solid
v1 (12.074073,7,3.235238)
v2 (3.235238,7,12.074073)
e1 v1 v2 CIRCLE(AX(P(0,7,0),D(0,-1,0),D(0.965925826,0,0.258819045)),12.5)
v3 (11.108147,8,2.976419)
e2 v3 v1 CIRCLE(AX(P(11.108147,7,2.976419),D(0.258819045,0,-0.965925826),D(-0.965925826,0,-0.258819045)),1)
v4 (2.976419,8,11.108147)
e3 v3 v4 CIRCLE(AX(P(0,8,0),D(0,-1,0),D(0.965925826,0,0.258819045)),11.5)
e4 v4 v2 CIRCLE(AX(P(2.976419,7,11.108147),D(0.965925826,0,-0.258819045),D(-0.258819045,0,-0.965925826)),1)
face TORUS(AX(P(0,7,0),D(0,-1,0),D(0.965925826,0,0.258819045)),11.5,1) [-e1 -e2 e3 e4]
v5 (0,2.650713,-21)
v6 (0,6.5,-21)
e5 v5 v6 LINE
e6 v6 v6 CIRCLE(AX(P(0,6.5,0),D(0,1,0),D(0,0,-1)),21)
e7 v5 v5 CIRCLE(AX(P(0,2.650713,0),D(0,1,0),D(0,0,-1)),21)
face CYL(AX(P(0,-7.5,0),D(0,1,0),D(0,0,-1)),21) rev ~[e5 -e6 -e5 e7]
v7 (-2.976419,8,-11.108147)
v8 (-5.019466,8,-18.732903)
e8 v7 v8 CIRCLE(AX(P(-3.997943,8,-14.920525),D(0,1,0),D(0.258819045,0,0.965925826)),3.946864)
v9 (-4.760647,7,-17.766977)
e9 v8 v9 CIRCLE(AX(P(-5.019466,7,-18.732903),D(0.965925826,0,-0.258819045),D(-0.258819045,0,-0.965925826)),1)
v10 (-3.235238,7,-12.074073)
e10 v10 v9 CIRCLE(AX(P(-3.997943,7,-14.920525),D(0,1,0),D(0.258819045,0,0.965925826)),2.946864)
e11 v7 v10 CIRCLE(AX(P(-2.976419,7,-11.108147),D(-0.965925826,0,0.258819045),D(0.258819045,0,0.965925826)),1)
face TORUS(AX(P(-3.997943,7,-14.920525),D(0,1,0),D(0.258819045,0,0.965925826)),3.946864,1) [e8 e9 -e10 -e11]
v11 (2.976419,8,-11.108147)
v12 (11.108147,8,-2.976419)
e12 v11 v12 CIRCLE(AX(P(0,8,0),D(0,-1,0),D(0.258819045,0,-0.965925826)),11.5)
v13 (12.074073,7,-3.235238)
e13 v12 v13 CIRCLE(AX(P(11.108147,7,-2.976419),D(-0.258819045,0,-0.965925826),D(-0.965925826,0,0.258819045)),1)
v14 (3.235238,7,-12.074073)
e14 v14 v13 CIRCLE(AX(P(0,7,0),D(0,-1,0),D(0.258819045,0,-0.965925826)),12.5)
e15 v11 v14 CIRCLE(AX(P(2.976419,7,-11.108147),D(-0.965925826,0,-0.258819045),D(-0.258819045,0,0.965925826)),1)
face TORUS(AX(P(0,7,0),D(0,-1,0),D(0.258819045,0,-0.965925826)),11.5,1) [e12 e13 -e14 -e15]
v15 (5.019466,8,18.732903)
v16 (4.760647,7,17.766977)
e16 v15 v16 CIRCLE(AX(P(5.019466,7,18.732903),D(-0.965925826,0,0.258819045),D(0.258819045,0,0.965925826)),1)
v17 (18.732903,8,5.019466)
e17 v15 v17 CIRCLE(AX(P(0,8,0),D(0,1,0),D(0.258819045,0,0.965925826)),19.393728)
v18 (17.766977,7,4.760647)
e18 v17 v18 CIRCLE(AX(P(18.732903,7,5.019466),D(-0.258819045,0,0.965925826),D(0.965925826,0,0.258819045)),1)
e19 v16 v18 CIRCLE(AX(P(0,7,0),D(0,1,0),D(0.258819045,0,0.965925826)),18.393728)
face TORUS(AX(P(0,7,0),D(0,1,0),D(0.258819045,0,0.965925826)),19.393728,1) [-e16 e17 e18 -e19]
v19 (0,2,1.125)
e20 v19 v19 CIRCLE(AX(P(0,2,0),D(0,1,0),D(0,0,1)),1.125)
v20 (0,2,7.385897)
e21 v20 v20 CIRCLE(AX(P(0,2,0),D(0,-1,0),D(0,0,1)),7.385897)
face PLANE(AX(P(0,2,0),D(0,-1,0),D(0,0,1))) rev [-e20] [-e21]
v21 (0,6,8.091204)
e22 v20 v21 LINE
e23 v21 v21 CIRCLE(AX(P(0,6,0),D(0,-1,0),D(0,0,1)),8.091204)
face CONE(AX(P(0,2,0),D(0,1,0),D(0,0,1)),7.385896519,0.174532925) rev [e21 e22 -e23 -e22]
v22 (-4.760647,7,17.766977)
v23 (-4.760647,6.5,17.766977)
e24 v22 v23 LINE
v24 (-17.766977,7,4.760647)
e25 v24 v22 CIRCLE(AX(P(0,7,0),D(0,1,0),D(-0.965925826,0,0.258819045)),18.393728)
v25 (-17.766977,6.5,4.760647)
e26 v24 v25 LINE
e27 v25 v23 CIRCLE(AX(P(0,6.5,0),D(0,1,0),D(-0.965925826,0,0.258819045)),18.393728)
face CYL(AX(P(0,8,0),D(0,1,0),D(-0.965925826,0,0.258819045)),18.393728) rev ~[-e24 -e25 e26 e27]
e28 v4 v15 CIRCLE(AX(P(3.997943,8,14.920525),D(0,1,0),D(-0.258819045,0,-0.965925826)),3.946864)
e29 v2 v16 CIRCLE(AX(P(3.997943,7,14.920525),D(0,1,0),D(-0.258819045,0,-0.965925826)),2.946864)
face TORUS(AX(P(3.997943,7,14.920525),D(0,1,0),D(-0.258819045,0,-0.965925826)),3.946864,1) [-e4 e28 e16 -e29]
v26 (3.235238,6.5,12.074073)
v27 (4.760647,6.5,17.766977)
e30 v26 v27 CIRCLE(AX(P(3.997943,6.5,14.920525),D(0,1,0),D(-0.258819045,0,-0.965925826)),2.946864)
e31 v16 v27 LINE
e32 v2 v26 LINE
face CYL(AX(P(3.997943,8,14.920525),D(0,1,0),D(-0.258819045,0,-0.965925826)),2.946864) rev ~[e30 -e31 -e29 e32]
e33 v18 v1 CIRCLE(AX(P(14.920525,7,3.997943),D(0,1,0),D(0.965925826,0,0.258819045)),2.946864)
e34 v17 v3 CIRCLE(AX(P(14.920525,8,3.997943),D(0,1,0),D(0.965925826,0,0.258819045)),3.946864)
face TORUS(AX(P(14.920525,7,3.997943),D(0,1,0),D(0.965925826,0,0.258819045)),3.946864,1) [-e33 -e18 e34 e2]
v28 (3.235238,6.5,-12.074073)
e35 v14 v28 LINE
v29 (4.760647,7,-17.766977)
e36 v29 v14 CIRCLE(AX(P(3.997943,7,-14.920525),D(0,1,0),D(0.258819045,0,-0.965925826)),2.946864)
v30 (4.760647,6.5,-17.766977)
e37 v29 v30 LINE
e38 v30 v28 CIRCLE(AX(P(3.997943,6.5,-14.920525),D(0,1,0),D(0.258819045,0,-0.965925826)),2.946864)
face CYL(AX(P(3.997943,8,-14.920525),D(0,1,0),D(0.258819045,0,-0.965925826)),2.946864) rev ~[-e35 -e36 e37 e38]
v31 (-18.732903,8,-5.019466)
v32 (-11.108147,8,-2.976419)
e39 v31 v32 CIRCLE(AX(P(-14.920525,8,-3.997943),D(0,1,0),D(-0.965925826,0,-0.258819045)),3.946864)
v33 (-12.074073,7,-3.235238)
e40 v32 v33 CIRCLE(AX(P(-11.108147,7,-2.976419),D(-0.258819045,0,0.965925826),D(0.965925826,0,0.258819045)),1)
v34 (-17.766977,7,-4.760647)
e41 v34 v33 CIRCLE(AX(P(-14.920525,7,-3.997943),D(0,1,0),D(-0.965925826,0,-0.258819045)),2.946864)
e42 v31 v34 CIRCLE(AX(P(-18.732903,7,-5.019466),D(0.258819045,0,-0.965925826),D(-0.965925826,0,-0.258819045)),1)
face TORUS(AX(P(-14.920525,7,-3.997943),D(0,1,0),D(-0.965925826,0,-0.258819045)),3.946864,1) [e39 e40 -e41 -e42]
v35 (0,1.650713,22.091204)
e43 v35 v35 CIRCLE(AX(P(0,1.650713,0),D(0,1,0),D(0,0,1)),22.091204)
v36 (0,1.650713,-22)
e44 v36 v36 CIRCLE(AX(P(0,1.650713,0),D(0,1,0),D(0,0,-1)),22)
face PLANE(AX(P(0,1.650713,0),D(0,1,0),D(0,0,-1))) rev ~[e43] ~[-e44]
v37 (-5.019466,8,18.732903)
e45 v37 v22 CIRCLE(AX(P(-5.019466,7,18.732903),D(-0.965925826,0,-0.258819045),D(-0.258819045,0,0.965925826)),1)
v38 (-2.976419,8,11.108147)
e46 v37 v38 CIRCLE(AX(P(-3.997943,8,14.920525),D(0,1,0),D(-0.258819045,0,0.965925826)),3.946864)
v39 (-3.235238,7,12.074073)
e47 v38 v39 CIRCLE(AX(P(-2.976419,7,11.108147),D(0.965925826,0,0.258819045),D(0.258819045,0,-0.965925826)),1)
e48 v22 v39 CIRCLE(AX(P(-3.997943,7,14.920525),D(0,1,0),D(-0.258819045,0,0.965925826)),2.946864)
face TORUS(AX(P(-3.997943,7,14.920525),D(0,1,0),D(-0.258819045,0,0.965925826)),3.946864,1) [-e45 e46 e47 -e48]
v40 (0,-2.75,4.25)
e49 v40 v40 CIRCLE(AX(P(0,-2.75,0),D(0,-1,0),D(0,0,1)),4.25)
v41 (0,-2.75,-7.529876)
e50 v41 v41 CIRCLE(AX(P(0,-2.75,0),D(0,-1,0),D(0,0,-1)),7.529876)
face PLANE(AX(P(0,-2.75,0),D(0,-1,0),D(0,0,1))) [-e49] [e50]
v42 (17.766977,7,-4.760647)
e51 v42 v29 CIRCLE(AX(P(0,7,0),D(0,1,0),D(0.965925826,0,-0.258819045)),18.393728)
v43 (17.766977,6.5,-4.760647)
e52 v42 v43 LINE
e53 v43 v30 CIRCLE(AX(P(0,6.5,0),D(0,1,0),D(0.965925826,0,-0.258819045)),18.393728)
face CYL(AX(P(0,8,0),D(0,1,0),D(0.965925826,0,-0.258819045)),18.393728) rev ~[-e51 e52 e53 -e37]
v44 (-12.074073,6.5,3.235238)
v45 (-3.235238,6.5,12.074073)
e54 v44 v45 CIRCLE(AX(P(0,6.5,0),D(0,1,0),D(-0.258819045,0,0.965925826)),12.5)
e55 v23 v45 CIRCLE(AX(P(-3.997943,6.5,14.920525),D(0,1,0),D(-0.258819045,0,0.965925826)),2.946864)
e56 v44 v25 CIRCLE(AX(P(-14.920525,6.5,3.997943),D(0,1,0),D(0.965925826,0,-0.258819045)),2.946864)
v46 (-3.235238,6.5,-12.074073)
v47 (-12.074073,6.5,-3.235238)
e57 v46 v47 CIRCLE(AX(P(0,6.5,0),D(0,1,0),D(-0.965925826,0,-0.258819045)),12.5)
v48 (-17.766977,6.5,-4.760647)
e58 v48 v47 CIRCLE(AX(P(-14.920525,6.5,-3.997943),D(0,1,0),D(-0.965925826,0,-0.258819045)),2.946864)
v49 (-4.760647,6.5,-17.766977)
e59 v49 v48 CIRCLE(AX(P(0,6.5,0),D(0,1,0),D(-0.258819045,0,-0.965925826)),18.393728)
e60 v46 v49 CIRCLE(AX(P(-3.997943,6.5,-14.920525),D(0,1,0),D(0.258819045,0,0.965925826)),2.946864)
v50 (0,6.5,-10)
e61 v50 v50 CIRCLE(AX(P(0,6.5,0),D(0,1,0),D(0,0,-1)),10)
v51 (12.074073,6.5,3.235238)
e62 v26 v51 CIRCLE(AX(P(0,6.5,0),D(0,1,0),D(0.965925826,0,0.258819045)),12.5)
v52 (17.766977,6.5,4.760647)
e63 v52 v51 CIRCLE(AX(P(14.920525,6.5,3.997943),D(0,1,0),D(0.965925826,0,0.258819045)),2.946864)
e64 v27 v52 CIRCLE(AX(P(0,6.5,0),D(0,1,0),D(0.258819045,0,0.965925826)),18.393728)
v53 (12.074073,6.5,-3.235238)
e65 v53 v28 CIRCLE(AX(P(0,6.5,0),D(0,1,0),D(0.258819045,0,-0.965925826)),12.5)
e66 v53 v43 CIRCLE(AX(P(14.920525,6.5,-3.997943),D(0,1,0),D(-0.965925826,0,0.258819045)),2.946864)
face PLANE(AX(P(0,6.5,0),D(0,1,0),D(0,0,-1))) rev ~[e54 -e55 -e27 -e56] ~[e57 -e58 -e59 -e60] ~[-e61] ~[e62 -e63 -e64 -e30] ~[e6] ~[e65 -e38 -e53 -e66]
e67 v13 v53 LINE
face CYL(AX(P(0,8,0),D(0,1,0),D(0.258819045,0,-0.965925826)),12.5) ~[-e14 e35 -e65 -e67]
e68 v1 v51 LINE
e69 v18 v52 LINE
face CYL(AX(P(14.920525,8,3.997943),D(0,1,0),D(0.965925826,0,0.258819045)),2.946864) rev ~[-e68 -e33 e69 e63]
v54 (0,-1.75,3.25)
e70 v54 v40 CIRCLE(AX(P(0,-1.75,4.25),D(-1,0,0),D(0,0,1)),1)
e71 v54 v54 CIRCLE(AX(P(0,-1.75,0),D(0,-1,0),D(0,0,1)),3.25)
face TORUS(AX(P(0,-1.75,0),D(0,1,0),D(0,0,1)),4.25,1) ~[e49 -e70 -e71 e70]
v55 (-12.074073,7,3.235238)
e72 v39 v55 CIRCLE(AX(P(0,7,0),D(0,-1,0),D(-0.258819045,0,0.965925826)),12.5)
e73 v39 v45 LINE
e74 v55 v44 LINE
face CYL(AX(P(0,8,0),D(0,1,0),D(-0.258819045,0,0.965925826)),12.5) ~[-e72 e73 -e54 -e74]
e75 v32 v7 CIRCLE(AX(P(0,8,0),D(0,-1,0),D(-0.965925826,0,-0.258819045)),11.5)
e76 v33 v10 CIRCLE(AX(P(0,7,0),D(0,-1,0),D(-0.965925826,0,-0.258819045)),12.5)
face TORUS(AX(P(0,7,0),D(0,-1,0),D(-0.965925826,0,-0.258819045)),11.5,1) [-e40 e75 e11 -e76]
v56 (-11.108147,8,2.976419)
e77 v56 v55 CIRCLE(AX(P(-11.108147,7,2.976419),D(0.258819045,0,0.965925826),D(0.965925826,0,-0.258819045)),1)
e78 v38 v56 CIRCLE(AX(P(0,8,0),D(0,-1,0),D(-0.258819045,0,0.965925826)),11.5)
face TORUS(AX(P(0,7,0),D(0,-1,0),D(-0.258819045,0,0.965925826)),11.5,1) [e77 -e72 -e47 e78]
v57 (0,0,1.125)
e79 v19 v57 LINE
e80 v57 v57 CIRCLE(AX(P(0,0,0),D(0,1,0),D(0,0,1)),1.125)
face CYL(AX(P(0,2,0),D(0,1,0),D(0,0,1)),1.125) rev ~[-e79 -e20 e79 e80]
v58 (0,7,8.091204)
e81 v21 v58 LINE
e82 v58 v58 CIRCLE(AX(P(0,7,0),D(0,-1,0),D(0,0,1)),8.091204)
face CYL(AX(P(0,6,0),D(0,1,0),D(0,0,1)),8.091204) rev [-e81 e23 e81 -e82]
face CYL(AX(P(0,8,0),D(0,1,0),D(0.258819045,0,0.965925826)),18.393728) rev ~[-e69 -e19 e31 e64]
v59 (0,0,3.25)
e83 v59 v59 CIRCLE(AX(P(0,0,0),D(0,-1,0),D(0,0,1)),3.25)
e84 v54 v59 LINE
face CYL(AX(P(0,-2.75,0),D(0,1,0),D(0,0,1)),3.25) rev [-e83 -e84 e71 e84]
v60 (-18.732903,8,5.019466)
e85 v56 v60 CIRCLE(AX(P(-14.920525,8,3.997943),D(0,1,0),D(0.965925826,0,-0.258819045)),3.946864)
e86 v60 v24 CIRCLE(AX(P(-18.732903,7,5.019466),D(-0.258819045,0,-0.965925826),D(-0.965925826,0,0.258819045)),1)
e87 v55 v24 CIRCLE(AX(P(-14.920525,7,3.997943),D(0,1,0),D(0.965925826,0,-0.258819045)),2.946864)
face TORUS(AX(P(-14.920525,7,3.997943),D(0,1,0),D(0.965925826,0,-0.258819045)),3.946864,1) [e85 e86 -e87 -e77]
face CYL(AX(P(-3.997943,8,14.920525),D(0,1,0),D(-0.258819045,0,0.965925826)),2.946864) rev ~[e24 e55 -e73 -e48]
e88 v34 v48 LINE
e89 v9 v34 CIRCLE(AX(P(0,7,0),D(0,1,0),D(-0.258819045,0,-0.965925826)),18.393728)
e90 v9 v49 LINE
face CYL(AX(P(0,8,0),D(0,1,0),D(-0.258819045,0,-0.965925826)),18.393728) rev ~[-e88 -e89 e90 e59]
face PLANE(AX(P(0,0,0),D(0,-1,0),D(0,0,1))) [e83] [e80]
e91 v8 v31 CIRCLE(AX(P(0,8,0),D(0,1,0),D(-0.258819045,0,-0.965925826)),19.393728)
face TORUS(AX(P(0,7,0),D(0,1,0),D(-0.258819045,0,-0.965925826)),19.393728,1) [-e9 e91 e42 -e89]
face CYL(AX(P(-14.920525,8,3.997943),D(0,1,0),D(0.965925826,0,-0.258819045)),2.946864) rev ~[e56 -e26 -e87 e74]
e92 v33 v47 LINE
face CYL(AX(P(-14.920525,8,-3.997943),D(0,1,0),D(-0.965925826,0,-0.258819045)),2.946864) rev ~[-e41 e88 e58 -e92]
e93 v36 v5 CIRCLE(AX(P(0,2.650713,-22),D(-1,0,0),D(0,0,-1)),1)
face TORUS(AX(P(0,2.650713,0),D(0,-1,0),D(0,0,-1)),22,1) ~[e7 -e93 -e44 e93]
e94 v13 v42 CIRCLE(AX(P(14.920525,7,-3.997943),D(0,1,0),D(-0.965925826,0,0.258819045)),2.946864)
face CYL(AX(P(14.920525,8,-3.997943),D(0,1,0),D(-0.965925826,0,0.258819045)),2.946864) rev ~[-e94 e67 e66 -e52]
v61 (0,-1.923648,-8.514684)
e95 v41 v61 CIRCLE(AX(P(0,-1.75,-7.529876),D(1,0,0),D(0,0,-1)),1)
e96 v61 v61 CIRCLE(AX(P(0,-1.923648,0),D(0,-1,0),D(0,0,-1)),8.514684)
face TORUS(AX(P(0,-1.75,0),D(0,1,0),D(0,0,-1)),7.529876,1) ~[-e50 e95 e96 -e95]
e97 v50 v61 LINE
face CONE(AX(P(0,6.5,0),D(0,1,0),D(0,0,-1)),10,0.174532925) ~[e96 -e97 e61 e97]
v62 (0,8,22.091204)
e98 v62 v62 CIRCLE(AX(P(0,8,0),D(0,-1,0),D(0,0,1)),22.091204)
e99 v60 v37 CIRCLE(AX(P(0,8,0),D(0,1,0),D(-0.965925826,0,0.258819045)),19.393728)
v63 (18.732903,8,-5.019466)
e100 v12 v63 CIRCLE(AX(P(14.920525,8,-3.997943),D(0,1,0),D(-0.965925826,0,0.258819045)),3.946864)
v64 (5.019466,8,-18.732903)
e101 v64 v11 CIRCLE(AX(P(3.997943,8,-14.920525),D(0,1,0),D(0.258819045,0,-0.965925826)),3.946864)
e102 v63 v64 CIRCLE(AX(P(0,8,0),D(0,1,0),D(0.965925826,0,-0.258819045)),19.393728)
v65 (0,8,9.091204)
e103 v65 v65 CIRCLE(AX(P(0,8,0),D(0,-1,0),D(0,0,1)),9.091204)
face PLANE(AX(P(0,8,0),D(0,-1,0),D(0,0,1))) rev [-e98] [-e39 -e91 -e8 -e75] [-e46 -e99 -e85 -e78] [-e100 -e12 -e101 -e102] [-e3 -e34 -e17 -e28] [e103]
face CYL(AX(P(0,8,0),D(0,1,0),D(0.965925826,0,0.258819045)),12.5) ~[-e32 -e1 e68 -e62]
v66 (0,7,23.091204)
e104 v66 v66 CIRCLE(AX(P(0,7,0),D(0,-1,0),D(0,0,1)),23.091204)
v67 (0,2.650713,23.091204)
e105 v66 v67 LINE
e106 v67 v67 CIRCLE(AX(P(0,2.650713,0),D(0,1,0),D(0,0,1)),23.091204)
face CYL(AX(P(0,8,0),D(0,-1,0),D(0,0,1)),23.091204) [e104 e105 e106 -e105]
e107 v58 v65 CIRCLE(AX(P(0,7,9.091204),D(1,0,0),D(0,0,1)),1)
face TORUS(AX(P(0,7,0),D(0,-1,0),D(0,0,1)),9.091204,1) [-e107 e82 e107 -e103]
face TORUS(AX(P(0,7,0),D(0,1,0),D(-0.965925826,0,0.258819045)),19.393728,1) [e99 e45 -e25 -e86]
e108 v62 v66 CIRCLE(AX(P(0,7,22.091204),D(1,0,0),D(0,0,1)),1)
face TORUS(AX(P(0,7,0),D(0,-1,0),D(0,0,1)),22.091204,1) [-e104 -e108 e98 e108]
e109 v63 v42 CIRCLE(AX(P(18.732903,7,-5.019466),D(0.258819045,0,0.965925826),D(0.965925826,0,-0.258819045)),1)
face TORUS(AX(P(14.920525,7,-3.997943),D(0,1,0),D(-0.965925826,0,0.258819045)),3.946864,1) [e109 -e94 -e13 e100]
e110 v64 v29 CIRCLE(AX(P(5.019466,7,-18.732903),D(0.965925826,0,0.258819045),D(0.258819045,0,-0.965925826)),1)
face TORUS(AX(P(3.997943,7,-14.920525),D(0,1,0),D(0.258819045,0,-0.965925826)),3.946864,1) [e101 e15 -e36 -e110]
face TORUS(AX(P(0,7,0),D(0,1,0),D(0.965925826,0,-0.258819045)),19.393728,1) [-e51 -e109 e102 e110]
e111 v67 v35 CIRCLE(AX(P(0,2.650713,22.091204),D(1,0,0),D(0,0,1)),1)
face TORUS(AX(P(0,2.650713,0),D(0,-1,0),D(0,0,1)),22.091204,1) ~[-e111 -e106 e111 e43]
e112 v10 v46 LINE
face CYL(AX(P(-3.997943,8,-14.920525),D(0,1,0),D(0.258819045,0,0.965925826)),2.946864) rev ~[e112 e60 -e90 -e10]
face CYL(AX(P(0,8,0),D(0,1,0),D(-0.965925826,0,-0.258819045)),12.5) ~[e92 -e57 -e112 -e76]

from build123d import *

# Parameters (mm, degrees)
CROQUIS2_R            = 1.125
CORTAR_EXTRUIR1_DEPTH = 34.202521668
CORTAR_EXTRUIR3_DEPTH = 12
REDONDEO1_R           = 1
CROQUIS6_W            = 7.134483034
CROQUIS6_H            = 6
REDONDEO2_R           = 1


with BuildPart() as part:
    # Croquis1 → Revolución1 (revolve)
    with BuildSketch(Plane(origin=(0, 0, 0), x_dir=(0, 0, -1), z_dir=(1, 0, 0))):
        Polygon((-7.385896519, 2), (-8.091204442, 6), (-8.091204442, 8), (-23.091204442, 8), (-23.091204442, -2.75), (-3.25, -2.75), (-3.25, 0), (0, 0), (0, 2), align=None)
    revolve(axis=Axis((0, 2, 0), (0, -1, 0)))

    # Croquis2 → Cortar-Extruir1 (cut, through all)
    with BuildSketch(Plane(origin=(0, 2, 0), x_dir=(1, 0, 0), z_dir=(0, 1, 0))):
        with Locations(Location((0, 0, 0), (0, 0, 270))):
            Circle(CROQUIS2_R)
    extrude(amount=-CORTAR_EXTRUIR1_DEPTH, mode=Mode.SUBTRACT)

    # Croquis3 → Cortar-Revolución1 (revolve, cut)
    with BuildSketch(Plane(origin=(0, 0, 0), x_dir=(0, 0, -1), z_dir=(1, 0, 0)), mode=Mode.PRIVATE) as cortar_revoluci_n1_sk:
        Polygon((-21, -7.5), (-21, 6.5), (-10, 6.5), (-7.53142227, -7.5), align=None)
    revolve(cortar_revoluci_n1_sk.sketch.rotate(Axis((0, -1000, 0), (0, 1, 0)), 180), axis=Axis((0, -1000, 0), (0, 1, 0)), mode=Mode.SUBTRACT)

    # Croquis5 → Cortar-Extruir3 (cut)
    with BuildSketch(Plane(origin=(0, 8, 0), x_dir=(1, 0, 0), z_dir=(0, 1, 0))):
        with BuildLine():
            ThreePointArc((17.766977075, 4.760647159), (13.006329916, 13.006329916), (4.760647159, 17.766977075))
            ThreePointArc((4.760647159, 17.766977075), (1.151490488, 15.683229499), (3.235238064, 12.074072829))
            ThreePointArc((3.235238064, 12.074072829), (8.838834765, 8.838834765), (12.074072829, 3.235238064))
            ThreePointArc((12.074072829, 3.235238064), (15.683229499, 1.151490488), (17.766977075, 4.760647159))
        make_face()
        with BuildLine():
            ThreePointArc((4.760647159, -17.766977075), (13.006329916, -13.006329916), (17.766977075, -4.760647159))
            ThreePointArc((17.766977075, -4.760647159), (15.683229499, -1.151490488), (12.074072829, -3.235238064))
            ThreePointArc((12.074072829, -3.235238064), (8.838834765, -8.838834765), (3.235238064, -12.074072829))
            ThreePointArc((3.235238064, -12.074072829), (1.151490488, -15.683229499), (4.760647159, -17.766977075))
        make_face()
        with BuildLine():
            ThreePointArc((-17.766977075, -4.760647159), (-13.006329916, -13.006329916), (-4.760647159, -17.766977075))
            ThreePointArc((-4.760647159, -17.766977075), (-1.151490488, -15.683229499), (-3.235238064, -12.074072829))
            ThreePointArc((-3.235238064, -12.074072829), (-8.838834765, -8.838834765), (-12.074072829, -3.235238064))
            ThreePointArc((-12.074072829, -3.235238064), (-15.683229499, -1.151490488), (-17.766977075, -4.760647159))
        make_face()
        with BuildLine():
            ThreePointArc((-4.760647159, 17.766977075), (-13.006329916, 13.006329916), (-17.766977075, 4.760647159))
            ThreePointArc((-17.766977075, 4.760647159), (-15.683229499, 1.151490488), (-12.074072829, 3.235238064))
            ThreePointArc((-12.074072829, 3.235238064), (-8.838834765, 8.838834765), (-3.235238064, 12.074072829))
            ThreePointArc((-3.235238064, 12.074072829), (-1.151490488, 15.683229499), (-4.760647159, 17.766977075))
        make_face()
    extrude(amount=-CORTAR_EXTRUIR3_DEPTH, mode=Mode.SUBTRACT)

    # Redondeo1
    redondeo1_edges = [part.edges().sort_by_distance(p)[0] for p in [
        (0, -2.75, 8.368975428),
        (15.683229499, 8, -1.151490488),
        (13.006329916, 8, -13.006329916),
        (1.151490488, 8, -15.683229499),
        (8.838834765, 8, -8.838834765),
        (1.151490488, 8, 15.683229499),
        (13.006329916, 8, 13.006329916),
        (15.683229499, 8, 1.151490488),
        (8.838834765, 8, 8.838834765),
        (-15.683229499, 8, 1.151490488),
        (-13.006329916, 8, 13.006329916),
        (-1.151490488, 8, 15.683229499),
        (-8.838834765, 8, 8.838834765),
        (0, 8, -8.091204442),
        (-1.151490488, 8, -15.683229499),
        (-13.006329916, 8, -13.006329916),
        (-15.683229499, 8, -1.151490488),
        (-8.838834765, 8, -8.838834765),
        (0, 8, -23.091204442),
        (0, -2.75, -3.25),
    ]]
    fillet(redondeo1_edges, radius=REDONDEO1_R)

    # Croquis6 → Cortar-Revolución2 (revolve, cut)
    with BuildSketch(Plane(origin=(0, 0, 0), x_dir=(0, 0, -1), z_dir=(1, 0, 0)), mode=Mode.PRIVATE) as cortar_revoluci_n2_sk:
        with Locations((-19.523962925, -1.349286623)):
            Rectangle(CROQUIS6_W, CROQUIS6_H)
    revolve(cortar_revoluci_n2_sk.sketch.rotate(Axis((0, -1000, 0), (0, 1, 0)), 180), axis=Axis((0, -1000, 0), (0, 1, 0)), mode=Mode.SUBTRACT)

    # Redondeo2
    redondeo2_edges = [part.edges().sort_by_distance(p)[0] for p in [
        (0, 1.650713377, -23.091204442),
        (0, 1.650713377, 21),
    ]]
    fillet(redondeo2_edges, radius=REDONDEO2_R)


solid = part.part
